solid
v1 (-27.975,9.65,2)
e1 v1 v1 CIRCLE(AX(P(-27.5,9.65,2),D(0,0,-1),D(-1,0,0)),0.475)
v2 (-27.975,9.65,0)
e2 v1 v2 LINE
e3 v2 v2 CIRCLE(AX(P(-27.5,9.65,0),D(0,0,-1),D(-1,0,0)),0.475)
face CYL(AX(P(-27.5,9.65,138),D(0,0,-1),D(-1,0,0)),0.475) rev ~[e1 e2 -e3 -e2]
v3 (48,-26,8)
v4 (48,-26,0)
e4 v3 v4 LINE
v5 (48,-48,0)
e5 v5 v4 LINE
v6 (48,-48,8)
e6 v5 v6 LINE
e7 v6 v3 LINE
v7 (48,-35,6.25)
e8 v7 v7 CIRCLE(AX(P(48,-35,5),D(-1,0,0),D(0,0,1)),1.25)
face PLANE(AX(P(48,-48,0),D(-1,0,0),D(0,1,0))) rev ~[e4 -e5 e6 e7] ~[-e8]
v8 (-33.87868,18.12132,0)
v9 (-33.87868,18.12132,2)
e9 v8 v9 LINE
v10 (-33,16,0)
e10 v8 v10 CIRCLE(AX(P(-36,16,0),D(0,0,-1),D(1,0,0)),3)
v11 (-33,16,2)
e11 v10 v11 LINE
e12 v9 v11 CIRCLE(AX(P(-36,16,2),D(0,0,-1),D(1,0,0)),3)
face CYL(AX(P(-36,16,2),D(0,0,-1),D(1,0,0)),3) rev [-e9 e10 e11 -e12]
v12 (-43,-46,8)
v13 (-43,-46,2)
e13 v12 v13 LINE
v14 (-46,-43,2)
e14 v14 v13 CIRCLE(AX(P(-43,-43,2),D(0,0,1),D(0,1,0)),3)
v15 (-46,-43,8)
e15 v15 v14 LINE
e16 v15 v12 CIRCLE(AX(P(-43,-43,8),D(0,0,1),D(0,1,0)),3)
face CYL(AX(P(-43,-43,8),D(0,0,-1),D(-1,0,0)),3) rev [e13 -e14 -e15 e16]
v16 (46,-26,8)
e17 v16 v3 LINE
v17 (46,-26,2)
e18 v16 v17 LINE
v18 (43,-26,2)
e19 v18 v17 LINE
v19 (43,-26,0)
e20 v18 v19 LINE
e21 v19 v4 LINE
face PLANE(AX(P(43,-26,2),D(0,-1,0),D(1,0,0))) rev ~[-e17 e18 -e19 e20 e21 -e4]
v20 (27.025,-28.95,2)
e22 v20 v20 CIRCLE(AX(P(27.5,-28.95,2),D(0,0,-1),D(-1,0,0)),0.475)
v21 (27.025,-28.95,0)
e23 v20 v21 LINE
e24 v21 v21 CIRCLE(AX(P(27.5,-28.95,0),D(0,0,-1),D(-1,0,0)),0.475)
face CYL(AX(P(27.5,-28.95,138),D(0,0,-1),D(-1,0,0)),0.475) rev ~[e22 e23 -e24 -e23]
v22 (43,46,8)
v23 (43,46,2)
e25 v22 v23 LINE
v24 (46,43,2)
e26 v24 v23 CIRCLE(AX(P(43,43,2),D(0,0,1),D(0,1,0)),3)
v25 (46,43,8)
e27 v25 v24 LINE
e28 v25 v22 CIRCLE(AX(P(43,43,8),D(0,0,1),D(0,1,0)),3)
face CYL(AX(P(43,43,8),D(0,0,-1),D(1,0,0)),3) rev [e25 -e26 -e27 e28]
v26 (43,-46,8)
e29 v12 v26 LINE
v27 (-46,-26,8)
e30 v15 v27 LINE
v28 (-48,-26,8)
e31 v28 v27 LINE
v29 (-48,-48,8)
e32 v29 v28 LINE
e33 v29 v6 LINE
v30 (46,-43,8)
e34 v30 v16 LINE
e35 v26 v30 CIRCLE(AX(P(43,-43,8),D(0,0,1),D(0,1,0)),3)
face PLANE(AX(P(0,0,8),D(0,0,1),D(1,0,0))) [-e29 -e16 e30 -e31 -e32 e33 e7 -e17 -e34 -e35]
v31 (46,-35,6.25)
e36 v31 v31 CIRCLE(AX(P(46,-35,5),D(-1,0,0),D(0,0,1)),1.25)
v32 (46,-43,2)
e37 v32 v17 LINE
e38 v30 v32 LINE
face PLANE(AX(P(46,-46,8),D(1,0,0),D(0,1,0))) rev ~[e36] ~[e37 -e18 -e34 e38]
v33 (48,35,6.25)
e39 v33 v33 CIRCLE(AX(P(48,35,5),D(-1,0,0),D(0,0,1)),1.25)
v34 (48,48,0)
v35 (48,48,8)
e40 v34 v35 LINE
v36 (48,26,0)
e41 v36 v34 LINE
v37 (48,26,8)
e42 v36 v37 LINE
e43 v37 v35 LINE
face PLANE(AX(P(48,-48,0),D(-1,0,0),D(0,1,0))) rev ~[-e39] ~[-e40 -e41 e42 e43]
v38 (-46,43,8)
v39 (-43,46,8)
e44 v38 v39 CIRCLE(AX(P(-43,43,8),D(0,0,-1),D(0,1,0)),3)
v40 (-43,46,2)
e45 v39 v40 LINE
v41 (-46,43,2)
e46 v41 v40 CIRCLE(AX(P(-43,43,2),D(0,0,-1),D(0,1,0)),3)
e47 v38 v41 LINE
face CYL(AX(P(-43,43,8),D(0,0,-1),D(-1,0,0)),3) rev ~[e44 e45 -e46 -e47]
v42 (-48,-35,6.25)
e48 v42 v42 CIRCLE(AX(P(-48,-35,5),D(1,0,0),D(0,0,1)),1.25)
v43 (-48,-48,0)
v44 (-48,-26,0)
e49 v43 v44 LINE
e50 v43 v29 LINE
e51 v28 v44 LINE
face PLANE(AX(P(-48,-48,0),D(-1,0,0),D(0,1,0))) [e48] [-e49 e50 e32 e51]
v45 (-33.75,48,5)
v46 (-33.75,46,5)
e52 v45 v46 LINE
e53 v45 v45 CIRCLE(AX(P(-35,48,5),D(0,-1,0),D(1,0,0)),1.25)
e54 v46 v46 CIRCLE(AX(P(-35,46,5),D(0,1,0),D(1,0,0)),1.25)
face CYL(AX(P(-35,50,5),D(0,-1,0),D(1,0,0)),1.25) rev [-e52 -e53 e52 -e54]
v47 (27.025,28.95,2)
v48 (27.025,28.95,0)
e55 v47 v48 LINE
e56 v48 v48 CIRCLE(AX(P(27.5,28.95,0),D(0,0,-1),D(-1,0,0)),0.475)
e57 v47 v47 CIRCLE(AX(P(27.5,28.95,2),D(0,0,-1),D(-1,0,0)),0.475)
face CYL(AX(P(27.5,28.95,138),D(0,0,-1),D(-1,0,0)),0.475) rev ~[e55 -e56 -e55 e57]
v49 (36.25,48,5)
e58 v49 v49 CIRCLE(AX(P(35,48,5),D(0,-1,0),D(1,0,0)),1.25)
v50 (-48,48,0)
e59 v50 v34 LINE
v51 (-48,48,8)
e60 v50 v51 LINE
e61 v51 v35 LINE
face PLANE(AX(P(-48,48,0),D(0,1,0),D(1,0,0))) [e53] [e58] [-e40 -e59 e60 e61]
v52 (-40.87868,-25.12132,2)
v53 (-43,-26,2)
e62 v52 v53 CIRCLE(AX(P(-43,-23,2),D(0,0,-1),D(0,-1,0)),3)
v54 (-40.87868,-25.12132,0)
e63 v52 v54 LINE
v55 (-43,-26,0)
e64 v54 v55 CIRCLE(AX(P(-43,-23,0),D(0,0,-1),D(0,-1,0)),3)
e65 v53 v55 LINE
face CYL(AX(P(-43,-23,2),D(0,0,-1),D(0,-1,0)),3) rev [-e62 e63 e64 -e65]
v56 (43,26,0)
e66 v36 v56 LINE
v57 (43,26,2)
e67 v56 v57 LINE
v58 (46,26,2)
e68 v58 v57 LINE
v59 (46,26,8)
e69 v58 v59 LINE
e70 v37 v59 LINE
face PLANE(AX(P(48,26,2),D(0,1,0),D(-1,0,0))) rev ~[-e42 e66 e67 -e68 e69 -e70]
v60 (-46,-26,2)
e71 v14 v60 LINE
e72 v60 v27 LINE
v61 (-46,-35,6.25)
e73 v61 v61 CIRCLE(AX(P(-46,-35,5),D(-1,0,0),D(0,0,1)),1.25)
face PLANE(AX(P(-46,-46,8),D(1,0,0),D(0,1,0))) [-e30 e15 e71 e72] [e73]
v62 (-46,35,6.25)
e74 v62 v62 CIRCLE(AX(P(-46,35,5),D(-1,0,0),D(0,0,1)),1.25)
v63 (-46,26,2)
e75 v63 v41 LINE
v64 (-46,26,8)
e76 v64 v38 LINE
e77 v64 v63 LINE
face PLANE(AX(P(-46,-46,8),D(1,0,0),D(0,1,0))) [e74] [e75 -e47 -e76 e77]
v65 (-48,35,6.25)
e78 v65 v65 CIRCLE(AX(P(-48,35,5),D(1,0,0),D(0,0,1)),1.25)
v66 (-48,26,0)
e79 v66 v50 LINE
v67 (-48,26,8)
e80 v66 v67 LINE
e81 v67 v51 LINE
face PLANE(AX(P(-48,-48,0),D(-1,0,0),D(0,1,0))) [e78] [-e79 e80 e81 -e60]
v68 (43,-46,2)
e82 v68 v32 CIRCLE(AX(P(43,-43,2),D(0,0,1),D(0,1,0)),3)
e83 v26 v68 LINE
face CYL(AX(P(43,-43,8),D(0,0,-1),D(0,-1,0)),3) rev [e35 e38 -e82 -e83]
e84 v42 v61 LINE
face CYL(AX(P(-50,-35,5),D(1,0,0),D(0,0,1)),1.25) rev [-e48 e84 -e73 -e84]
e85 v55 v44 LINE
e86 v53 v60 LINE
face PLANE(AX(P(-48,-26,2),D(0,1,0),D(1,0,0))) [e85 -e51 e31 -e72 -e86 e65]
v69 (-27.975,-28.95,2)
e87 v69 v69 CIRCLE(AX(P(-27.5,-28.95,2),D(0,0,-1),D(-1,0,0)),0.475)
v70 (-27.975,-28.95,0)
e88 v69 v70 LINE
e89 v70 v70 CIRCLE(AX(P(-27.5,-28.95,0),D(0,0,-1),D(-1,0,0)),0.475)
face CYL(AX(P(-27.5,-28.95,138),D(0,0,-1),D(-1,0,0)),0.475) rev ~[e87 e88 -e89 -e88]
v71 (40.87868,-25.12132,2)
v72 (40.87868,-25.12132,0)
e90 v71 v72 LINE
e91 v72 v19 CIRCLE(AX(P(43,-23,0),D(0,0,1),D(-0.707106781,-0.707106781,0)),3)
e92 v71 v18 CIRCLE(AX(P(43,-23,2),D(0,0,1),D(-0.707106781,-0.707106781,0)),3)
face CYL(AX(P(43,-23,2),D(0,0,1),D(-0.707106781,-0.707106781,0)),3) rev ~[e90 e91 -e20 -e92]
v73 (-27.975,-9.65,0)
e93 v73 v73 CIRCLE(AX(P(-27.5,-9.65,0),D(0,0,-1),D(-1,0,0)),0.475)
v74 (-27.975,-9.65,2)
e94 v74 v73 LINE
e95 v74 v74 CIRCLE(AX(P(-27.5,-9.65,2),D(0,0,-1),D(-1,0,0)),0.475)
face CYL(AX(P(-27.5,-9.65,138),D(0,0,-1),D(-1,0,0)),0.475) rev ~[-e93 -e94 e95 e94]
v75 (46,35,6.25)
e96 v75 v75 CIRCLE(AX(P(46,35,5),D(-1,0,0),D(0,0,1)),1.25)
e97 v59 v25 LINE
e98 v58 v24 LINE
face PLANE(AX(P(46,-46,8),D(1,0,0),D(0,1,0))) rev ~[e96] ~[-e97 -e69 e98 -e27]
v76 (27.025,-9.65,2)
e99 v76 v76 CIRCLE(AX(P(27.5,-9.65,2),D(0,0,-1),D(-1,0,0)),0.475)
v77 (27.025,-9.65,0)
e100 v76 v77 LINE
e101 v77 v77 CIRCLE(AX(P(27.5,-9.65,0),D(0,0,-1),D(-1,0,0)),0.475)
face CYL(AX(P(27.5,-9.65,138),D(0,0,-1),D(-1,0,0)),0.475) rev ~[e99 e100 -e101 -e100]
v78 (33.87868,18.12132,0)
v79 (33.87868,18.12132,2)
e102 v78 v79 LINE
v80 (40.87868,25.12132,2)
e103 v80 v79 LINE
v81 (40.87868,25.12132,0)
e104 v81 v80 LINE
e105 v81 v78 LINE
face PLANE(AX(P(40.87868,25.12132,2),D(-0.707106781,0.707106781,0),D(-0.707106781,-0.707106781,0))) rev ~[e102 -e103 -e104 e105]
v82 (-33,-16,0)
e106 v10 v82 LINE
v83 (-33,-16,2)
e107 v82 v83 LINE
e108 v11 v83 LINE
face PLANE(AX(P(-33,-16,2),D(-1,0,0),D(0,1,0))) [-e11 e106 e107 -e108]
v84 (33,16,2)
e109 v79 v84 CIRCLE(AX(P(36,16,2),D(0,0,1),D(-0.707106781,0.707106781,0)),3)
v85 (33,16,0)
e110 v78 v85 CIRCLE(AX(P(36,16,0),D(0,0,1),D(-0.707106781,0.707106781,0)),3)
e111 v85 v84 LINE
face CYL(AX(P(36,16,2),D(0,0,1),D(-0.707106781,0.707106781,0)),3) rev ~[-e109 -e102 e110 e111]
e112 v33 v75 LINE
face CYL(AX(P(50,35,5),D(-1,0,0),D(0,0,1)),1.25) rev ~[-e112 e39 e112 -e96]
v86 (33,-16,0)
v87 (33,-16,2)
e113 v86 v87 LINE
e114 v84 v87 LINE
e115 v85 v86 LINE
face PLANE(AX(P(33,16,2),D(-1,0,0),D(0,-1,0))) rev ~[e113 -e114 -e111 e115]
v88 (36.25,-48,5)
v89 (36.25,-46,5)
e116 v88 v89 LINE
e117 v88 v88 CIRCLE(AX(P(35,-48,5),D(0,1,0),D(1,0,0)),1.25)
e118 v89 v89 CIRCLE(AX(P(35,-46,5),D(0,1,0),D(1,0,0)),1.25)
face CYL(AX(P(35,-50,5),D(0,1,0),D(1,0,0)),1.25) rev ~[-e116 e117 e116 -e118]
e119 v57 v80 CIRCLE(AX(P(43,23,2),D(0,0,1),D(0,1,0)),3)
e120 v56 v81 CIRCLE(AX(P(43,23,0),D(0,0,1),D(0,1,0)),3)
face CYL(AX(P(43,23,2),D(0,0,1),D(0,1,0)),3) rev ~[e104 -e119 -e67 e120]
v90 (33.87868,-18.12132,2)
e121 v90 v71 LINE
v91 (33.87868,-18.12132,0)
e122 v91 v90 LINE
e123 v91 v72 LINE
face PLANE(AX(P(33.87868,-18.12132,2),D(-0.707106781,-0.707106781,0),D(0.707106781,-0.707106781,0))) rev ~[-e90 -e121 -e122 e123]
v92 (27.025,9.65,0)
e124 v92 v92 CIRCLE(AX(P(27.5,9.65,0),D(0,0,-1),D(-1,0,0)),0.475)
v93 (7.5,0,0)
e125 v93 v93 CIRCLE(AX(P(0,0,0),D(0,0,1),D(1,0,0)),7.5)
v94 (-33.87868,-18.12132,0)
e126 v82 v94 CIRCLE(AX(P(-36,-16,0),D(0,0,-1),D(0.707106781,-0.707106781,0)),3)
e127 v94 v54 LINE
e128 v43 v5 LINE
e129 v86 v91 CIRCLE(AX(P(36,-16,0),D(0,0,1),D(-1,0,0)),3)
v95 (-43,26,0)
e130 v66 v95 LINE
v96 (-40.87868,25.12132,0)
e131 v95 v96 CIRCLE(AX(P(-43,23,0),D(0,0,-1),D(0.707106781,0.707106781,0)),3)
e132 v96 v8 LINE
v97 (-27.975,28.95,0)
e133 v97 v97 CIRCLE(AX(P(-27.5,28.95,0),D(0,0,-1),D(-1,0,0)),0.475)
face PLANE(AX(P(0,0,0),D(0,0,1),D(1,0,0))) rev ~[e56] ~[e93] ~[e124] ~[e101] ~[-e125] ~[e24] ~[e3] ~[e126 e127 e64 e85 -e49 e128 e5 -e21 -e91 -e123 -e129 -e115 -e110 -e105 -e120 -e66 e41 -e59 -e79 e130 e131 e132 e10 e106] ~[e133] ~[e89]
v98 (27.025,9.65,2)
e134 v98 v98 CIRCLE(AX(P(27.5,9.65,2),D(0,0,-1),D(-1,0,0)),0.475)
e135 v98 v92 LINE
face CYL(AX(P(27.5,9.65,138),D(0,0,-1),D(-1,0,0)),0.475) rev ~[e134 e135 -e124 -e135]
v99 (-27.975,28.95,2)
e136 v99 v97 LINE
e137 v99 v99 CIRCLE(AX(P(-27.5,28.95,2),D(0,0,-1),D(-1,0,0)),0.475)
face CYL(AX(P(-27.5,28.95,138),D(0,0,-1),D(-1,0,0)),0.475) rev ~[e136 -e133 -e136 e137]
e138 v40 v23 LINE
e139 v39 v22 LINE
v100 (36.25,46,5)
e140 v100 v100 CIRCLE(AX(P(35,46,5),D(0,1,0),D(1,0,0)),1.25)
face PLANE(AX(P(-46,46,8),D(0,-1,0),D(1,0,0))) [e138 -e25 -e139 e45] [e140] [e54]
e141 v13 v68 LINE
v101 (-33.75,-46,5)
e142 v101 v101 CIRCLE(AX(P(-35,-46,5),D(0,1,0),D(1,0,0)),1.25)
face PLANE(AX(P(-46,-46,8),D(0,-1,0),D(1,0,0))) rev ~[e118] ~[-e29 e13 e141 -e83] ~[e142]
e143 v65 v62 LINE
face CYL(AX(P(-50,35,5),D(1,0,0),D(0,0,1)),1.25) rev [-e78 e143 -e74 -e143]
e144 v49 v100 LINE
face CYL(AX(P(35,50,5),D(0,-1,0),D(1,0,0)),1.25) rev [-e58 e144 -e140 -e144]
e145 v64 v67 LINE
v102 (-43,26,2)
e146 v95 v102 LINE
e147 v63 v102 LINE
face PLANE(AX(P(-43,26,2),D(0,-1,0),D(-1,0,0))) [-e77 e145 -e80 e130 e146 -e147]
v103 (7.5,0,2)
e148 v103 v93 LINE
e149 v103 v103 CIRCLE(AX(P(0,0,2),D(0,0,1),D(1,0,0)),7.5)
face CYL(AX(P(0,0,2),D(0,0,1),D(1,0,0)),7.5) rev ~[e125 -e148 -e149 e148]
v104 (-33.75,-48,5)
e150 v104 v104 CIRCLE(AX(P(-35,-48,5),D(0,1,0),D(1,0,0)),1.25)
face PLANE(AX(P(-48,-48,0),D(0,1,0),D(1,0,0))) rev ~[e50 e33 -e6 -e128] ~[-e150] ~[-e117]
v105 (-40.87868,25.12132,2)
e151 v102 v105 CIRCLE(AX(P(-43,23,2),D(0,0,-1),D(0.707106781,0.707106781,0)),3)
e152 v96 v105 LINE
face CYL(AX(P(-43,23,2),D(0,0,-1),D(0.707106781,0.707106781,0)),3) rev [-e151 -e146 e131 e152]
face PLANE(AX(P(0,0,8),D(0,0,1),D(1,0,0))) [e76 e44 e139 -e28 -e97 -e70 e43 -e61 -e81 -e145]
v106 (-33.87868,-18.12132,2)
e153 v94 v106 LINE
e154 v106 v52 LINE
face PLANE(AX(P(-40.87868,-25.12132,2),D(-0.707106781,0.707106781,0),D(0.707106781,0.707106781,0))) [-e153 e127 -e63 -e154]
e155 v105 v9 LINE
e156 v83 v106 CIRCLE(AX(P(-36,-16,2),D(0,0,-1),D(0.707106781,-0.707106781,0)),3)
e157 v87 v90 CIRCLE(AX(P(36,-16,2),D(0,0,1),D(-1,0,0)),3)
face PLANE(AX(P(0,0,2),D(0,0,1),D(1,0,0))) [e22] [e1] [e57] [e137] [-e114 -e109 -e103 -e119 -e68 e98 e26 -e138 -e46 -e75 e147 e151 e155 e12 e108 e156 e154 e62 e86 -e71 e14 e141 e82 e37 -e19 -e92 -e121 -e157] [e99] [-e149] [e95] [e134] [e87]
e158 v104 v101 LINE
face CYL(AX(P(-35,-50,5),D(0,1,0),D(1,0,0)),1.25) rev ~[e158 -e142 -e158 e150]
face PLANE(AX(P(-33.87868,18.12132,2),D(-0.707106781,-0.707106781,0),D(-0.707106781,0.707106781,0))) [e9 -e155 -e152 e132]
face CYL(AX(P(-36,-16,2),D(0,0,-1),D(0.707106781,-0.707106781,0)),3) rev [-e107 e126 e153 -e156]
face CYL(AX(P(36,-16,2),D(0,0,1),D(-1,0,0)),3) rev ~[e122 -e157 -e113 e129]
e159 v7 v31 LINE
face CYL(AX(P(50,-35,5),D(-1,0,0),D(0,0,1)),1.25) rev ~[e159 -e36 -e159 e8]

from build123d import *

# Parameters (mm, degrees)
SKETCH1_W                       = 96
SKETCH1_H                       = 96
BOSS_EXTRUDE1_DEPTH             = 8
SKETCH2_W                       = 92
SKETCH2_H                       = 92
COMPONENT_PLATFORM_DEPTH        = 6
CABLE_SLOTS_DEPTH               = 6
SKETCH4_R                       = 7.5
CENTER_MASS_CUT_DEPTH           = 6
INNER_CORNER_FILLETS_R          = 3
TAP_DRILL_FOR_M3X0_5_TAP4_D     = 2.5
TAP_DRILL_FOR_M3X0_5_TAP4_DEPTH = 2
TAP_DRILL_FOR_M1_2X0_25_TAP1_D  = 0.95
TAP_DRILL_FOR_M3X0_5_TAP3_D     = 2.5
TAP_DRILL_FOR_M3X0_5_TAP3_DEPTH = 2


with BuildPart() as part:
    # Sketch1 → Boss-Extrude1 (new body)
    with BuildSketch(Plane.XY):
        Rectangle(SKETCH1_W, SKETCH1_H)
    extrude(amount=BOSS_EXTRUDE1_DEPTH)

    # Sketch2 → Component Platform (cut)
    with BuildSketch(Plane.XY.offset(8)):
        Rectangle(SKETCH2_W, SKETCH2_H)
    extrude(amount=-COMPONENT_PLATFORM_DEPTH, mode=Mode.SUBTRACT)

    # Sketch3 → Cable Slots (cut, symmetric)
    with BuildSketch(Plane.XY.offset(2)):
        with BuildLine():
            Line((-40.878679656, -25.121320344), (-33.878679656, -18.121320344))
            ThreePointArc((-33.878679656, -18.121320344), (-33.228361402, -17.148050297), (-33, -16))
            Line((-33, -16), (-33, 16))
            ThreePointArc((-33, 16), (-33.228361402, 17.148050297), (-33.878679656, 18.121320344))
            Line((-33.878679656, 18.121320344), (-40.878679656, 25.121320344))
            ThreePointArc((-40.878679656, 25.121320344), (-41.851949703, 25.771638598), (-43, 26))
            Line((-43, 26), (-48, 26))
            Line((-48, 26), (-48, -26))
            Line((-48, -26), (-43, -26))
            ThreePointArc((-43, -26), (-41.851949703, -25.771638598), (-40.878679656, -25.121320344))
        make_face()
        with BuildLine():
            Line((48, -26), (48, 26))
            Line((48, 26), (43, 26))
            ThreePointArc((43, 26), (41.851949703, 25.771638598), (40.878679656, 25.121320344))
            Line((40.878679656, 25.121320344), (33.878679656, 18.121320344))
            ThreePointArc((33.878679656, 18.121320344), (33.228361402, 17.148050297), (33, 16))
            Line((33, 16), (33, -16))
            ThreePointArc((33, -16), (33.228361402, -17.148050297), (33.878679656, -18.121320344))
            Line((33.878679656, -18.121320344), (40.878679656, -25.121320344))
            ThreePointArc((40.878679656, -25.121320344), (41.851949703, -25.771638598), (43, -26))
            Line((43, -26), (48, -26))
        make_face()
    extrude(amount=CABLE_SLOTS_DEPTH, both=True, mode=Mode.SUBTRACT)

    # Sketch4 → Center Mass Cut (cut)
    with BuildSketch(Plane.XY.offset(2)):
        Circle(SKETCH4_R)
    extrude(amount=-CENTER_MASS_CUT_DEPTH, mode=Mode.SUBTRACT)

    # Inner Corner Fillets
    inner_corner_fillets_edges = [part.edges().sort_by_distance(p)[0] for p in [
        (-46, -46, 5),
        (-46, 46, 5),
        (46, 46, 5),
        (46, -46, 5),
    ]]
    fillet(inner_corner_fillets_edges, radius=INNER_CORNER_FILLETS_R)

    # Tap Drill for M3x0.5 Tap4
    with Locations(Plane(origin=(0, -48, 0), x_dir=(-1, 0, 0), z_dir=(0, -1, 0))):
        with Locations((35, -5), (-35, -5)):
            tap_drill_for_m3x0_5_tap4 = Hole(TAP_DRILL_FOR_M3X0_5_TAP4_D / 2, depth=TAP_DRILL_FOR_M3X0_5_TAP4_DEPTH)

    # Mirror2: Tap Drill for M3x0.5 Tap4 across plane
    add(tap_drill_for_m3x0_5_tap4.mirror(Plane(origin=(0, 0, 0), x_dir=(0, 0, 1), z_dir=(0, -1, 0))), mode=Mode.SUBTRACT)

    # Tap Drill for M1.2x0.25 Tap1 (through all)
    with Locations(Plane.XY.offset(2)):
        with Locations((-27.5, 28.95), (-27.5, 9.65), (-27.5, -9.65), (-27.5, -28.95), (27.5, -28.95), (27.5, -9.65), (27.5, 9.65), (27.5, 28.95)):
            Hole(TAP_DRILL_FOR_M1_2X0_25_TAP1_D / 2)

    # Tap Drill for M3x0.5 Tap3
    with Locations(Plane(origin=(48, 0, 0), x_dir=(0, 0, -1), z_dir=(1, 0, 0))):
        with Locations((-5, -35), (-5, 35)):
            tap_drill_for_m3x0_5_tap3 = Hole(TAP_DRILL_FOR_M3X0_5_TAP3_D / 2, depth=TAP_DRILL_FOR_M3X0_5_TAP3_DEPTH)

    # Mirror3: Tap Drill for M3x0.5 Tap3 across plane
    add(tap_drill_for_m3x0_5_tap3.mirror(Plane(origin=(0, 0, 0), x_dir=(0, 0, 1), z_dir=(1, 0, 0))), mode=Mode.SUBTRACT)


solid = part.part
